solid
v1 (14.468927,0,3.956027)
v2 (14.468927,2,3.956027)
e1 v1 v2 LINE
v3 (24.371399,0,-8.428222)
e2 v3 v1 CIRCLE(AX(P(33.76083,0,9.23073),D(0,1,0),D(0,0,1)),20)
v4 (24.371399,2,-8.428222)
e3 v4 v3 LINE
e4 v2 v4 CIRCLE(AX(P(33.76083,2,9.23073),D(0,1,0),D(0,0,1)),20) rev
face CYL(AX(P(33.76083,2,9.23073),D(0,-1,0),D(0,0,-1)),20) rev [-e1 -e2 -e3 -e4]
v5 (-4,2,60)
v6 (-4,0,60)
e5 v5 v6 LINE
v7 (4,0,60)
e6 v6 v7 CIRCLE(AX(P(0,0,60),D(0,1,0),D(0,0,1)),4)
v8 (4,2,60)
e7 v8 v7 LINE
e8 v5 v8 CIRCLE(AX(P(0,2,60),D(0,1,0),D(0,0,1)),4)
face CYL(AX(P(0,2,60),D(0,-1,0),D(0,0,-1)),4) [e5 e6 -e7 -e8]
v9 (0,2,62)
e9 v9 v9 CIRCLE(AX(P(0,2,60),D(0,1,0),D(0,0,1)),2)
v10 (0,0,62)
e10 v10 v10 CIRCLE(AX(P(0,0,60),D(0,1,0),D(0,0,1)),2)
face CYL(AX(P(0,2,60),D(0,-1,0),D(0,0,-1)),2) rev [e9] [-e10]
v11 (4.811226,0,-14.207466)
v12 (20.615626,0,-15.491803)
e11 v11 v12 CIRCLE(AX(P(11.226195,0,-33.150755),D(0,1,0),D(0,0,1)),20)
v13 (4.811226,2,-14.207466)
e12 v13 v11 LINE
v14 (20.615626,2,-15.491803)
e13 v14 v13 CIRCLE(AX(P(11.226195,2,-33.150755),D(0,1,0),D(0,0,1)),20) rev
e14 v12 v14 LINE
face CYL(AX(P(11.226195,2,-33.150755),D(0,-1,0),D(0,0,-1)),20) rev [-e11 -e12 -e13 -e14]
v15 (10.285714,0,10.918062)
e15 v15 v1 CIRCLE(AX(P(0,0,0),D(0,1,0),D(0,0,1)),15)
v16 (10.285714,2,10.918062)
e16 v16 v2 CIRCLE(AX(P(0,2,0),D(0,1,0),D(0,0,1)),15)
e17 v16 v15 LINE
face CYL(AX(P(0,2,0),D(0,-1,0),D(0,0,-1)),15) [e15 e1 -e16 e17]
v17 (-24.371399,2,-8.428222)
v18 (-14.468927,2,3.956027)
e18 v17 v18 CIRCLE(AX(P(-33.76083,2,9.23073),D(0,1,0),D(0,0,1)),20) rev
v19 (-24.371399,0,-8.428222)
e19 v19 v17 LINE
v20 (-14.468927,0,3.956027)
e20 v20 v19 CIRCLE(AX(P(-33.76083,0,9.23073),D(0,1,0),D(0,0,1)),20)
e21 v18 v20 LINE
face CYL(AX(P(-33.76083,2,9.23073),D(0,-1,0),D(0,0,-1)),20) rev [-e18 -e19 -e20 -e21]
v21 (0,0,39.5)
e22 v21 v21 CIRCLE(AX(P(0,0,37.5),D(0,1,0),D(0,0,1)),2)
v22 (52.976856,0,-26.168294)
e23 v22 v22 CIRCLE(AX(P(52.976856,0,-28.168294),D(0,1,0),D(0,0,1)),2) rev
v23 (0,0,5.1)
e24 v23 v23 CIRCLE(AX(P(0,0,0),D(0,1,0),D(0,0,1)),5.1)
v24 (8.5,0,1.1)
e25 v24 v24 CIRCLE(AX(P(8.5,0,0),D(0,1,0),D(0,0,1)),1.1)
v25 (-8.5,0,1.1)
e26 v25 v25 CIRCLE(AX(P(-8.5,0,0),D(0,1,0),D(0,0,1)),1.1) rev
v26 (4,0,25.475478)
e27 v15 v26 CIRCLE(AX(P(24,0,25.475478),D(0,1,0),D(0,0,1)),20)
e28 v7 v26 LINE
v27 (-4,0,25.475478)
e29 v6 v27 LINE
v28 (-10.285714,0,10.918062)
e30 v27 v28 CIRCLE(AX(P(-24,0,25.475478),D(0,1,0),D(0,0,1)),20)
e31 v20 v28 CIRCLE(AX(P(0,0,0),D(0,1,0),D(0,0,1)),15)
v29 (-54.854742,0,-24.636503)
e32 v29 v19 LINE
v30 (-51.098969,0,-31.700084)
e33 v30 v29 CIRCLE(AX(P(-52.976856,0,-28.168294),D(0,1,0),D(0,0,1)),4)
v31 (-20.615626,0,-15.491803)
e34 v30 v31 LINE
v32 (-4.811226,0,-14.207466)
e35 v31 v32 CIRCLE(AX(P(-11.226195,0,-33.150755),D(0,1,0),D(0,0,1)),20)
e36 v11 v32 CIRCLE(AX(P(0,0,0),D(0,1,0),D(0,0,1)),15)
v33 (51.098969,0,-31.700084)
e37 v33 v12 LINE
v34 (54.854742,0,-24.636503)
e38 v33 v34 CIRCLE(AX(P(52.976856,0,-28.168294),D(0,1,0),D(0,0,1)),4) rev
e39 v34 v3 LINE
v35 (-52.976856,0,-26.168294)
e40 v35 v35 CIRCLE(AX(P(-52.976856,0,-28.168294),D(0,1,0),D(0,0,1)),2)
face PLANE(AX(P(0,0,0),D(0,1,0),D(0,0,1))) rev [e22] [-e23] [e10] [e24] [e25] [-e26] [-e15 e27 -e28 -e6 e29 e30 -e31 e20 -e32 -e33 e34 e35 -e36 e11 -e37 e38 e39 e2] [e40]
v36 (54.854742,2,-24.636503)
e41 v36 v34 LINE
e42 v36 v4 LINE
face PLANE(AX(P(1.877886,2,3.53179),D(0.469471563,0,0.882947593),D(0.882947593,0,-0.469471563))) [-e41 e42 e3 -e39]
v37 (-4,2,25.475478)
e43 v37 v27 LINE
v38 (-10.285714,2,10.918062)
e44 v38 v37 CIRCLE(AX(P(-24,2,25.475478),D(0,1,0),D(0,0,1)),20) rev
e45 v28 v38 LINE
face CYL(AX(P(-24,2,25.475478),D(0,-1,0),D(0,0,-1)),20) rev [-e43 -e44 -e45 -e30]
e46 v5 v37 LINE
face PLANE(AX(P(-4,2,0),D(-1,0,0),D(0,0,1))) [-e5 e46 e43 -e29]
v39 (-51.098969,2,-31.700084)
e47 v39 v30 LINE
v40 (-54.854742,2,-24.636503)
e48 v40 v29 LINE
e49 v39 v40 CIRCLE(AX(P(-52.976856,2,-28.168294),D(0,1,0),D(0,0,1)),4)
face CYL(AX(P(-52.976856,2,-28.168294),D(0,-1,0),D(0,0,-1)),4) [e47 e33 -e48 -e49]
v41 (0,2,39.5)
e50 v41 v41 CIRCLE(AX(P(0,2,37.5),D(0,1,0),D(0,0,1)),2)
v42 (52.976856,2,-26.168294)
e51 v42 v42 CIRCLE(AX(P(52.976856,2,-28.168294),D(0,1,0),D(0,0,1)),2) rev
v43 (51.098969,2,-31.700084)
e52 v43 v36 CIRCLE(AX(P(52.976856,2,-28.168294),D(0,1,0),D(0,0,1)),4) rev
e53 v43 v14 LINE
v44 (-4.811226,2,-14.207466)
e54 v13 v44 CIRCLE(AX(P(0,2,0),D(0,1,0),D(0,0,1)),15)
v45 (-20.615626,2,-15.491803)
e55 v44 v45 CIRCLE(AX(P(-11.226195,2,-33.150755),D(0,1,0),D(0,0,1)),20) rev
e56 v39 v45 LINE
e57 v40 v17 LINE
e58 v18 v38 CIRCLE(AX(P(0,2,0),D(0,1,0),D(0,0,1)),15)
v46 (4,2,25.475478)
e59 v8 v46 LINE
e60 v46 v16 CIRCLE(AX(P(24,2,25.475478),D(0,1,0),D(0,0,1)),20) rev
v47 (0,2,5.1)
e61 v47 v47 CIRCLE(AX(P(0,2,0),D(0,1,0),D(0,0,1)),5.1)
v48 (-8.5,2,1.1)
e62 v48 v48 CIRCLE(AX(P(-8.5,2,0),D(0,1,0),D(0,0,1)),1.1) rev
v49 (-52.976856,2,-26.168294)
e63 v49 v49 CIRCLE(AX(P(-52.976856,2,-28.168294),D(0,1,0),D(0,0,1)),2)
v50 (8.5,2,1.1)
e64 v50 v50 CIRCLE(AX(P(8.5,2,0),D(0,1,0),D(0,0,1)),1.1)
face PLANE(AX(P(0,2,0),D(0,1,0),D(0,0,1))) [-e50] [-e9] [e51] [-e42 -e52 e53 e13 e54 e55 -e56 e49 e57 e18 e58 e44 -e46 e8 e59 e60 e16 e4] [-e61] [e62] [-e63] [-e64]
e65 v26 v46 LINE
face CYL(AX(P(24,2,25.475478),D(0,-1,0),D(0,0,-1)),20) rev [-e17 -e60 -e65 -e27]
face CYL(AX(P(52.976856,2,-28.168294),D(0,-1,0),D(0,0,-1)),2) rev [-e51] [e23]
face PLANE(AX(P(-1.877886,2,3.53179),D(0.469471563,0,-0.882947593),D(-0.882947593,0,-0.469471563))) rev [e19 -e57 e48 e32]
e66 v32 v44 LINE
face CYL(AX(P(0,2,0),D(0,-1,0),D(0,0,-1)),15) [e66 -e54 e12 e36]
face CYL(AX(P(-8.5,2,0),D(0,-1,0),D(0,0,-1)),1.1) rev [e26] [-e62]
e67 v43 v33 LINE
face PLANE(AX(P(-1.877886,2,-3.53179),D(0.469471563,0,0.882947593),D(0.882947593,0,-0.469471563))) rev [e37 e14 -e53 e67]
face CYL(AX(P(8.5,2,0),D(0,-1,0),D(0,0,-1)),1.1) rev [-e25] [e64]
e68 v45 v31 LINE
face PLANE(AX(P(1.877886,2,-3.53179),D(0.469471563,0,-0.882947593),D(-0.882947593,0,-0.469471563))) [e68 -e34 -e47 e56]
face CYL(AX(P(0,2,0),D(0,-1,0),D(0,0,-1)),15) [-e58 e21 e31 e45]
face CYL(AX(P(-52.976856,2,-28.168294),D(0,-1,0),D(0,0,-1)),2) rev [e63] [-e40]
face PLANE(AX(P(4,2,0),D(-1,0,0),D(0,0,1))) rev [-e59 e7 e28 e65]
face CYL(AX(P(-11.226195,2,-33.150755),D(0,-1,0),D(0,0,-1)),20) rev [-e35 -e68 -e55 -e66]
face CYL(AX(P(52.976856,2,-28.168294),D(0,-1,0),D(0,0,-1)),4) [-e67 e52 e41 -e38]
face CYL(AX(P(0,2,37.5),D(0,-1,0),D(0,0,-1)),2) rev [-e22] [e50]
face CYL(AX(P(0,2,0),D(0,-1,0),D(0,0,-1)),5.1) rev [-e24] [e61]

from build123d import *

# Parameters (mm, degrees)
SKETCH_1_R      = 2
SKETCH_1_R_2    = 1.1
SKETCH_1_R_3    = 5.1
EXTRUDE_1_DEPTH = 2
FILLET_1_R      = 20


with BuildPart() as part:
    # ｽｹｯﾁ1 → ﾎﾞｽ - 押し出し1 (new body)
    with BuildSketch(Plane(origin=(0, 0, 0), x_dir=(1, 0, 0), z_dir=(0, 1, 0))):
        with BuildLine():
            ThreePointArc((-51.098969856, 31.700084423), (-56.508646061, 30.046179796), (-54.854741914, 24.636503444))
            Line((-54.854741914, 24.636503444), (-14.642511526, 3.255281279))
            ThreePointArc((-14.642511526, 3.255281279), (-12.857509511, -7.725571124), (-4, -14.456832295))
            Line((-4, -14.456832295), (-4, -60))
            ThreePointArc((-4, -60), (0, -64), (4, -60))
            Line((4, -60), (4, -14.456832295))
            ThreePointArc((4, -14.456832295), (12.857509511, -7.725571124), (14.642511526, 3.255281279))
            Line((14.642511526, 3.255281279), (54.854741789, 24.636503378))
            ThreePointArc((54.854741789, 24.636503378), (56.508645811, 30.046180267), (51.098968789, 31.700083856))
            Line((51.098968789, 31.700083856), (10.886739024, 10.318862022))
            ThreePointArc((10.886739024, 10.318862022), (0, 15), (-10.886739024, 10.318862022))
            Line((-10.886739024, 10.318862022), (-51.098969856, 31.700084423))
        make_face()
        with Locations(Location((0, -60, 0), (0, 0, 270))):
            Circle(SKETCH_1_R, mode=Mode.SUBTRACT)
        with Locations(Location((0, -37.5, 0), (0, 0, 270))):
            Circle(SKETCH_1_R, mode=Mode.SUBTRACT)
        with Locations(Location((-52.976855572, 28.168293767, 0), (0, 0, 270))):
            Circle(SKETCH_1_R, mode=Mode.SUBTRACT)
        with Locations(Location((-8.5, 0, 0), (0, 0, 270))):
            Circle(SKETCH_1_R_2, mode=Mode.SUBTRACT)
        with Locations(Location((0, 0, 0), (0, 0, 270))):
            Circle(SKETCH_1_R_3, mode=Mode.SUBTRACT)
        with Locations(Location((8.5, 0, 0), (0, 0, 270))):
            Circle(SKETCH_1_R_2, mode=Mode.SUBTRACT)
        with Locations(Location((52.976855572, 28.168293767, 0), (0, 0, 270))):
            Circle(SKETCH_1_R, mode=Mode.SUBTRACT)
    extrude(amount=EXTRUDE_1_DEPTH)

    # ﾌｨﾚｯﾄ1
    fillet_1_edges = [part.edges().sort_by_distance(p)[0] for p in [
        (-4, 1, 14.456832295),
        (-14.642511526, 1, -3.255281279),
        (-10.886739024, 1, -10.318862022),
        (10.886739024, 1, -10.318862022),
        (14.642511526, 1, -3.255281279),
        (4, 1, 14.456832295),
    ]]
    fillet(fillet_1_edges, radius=FILLET_1_R)


solid = part.part
